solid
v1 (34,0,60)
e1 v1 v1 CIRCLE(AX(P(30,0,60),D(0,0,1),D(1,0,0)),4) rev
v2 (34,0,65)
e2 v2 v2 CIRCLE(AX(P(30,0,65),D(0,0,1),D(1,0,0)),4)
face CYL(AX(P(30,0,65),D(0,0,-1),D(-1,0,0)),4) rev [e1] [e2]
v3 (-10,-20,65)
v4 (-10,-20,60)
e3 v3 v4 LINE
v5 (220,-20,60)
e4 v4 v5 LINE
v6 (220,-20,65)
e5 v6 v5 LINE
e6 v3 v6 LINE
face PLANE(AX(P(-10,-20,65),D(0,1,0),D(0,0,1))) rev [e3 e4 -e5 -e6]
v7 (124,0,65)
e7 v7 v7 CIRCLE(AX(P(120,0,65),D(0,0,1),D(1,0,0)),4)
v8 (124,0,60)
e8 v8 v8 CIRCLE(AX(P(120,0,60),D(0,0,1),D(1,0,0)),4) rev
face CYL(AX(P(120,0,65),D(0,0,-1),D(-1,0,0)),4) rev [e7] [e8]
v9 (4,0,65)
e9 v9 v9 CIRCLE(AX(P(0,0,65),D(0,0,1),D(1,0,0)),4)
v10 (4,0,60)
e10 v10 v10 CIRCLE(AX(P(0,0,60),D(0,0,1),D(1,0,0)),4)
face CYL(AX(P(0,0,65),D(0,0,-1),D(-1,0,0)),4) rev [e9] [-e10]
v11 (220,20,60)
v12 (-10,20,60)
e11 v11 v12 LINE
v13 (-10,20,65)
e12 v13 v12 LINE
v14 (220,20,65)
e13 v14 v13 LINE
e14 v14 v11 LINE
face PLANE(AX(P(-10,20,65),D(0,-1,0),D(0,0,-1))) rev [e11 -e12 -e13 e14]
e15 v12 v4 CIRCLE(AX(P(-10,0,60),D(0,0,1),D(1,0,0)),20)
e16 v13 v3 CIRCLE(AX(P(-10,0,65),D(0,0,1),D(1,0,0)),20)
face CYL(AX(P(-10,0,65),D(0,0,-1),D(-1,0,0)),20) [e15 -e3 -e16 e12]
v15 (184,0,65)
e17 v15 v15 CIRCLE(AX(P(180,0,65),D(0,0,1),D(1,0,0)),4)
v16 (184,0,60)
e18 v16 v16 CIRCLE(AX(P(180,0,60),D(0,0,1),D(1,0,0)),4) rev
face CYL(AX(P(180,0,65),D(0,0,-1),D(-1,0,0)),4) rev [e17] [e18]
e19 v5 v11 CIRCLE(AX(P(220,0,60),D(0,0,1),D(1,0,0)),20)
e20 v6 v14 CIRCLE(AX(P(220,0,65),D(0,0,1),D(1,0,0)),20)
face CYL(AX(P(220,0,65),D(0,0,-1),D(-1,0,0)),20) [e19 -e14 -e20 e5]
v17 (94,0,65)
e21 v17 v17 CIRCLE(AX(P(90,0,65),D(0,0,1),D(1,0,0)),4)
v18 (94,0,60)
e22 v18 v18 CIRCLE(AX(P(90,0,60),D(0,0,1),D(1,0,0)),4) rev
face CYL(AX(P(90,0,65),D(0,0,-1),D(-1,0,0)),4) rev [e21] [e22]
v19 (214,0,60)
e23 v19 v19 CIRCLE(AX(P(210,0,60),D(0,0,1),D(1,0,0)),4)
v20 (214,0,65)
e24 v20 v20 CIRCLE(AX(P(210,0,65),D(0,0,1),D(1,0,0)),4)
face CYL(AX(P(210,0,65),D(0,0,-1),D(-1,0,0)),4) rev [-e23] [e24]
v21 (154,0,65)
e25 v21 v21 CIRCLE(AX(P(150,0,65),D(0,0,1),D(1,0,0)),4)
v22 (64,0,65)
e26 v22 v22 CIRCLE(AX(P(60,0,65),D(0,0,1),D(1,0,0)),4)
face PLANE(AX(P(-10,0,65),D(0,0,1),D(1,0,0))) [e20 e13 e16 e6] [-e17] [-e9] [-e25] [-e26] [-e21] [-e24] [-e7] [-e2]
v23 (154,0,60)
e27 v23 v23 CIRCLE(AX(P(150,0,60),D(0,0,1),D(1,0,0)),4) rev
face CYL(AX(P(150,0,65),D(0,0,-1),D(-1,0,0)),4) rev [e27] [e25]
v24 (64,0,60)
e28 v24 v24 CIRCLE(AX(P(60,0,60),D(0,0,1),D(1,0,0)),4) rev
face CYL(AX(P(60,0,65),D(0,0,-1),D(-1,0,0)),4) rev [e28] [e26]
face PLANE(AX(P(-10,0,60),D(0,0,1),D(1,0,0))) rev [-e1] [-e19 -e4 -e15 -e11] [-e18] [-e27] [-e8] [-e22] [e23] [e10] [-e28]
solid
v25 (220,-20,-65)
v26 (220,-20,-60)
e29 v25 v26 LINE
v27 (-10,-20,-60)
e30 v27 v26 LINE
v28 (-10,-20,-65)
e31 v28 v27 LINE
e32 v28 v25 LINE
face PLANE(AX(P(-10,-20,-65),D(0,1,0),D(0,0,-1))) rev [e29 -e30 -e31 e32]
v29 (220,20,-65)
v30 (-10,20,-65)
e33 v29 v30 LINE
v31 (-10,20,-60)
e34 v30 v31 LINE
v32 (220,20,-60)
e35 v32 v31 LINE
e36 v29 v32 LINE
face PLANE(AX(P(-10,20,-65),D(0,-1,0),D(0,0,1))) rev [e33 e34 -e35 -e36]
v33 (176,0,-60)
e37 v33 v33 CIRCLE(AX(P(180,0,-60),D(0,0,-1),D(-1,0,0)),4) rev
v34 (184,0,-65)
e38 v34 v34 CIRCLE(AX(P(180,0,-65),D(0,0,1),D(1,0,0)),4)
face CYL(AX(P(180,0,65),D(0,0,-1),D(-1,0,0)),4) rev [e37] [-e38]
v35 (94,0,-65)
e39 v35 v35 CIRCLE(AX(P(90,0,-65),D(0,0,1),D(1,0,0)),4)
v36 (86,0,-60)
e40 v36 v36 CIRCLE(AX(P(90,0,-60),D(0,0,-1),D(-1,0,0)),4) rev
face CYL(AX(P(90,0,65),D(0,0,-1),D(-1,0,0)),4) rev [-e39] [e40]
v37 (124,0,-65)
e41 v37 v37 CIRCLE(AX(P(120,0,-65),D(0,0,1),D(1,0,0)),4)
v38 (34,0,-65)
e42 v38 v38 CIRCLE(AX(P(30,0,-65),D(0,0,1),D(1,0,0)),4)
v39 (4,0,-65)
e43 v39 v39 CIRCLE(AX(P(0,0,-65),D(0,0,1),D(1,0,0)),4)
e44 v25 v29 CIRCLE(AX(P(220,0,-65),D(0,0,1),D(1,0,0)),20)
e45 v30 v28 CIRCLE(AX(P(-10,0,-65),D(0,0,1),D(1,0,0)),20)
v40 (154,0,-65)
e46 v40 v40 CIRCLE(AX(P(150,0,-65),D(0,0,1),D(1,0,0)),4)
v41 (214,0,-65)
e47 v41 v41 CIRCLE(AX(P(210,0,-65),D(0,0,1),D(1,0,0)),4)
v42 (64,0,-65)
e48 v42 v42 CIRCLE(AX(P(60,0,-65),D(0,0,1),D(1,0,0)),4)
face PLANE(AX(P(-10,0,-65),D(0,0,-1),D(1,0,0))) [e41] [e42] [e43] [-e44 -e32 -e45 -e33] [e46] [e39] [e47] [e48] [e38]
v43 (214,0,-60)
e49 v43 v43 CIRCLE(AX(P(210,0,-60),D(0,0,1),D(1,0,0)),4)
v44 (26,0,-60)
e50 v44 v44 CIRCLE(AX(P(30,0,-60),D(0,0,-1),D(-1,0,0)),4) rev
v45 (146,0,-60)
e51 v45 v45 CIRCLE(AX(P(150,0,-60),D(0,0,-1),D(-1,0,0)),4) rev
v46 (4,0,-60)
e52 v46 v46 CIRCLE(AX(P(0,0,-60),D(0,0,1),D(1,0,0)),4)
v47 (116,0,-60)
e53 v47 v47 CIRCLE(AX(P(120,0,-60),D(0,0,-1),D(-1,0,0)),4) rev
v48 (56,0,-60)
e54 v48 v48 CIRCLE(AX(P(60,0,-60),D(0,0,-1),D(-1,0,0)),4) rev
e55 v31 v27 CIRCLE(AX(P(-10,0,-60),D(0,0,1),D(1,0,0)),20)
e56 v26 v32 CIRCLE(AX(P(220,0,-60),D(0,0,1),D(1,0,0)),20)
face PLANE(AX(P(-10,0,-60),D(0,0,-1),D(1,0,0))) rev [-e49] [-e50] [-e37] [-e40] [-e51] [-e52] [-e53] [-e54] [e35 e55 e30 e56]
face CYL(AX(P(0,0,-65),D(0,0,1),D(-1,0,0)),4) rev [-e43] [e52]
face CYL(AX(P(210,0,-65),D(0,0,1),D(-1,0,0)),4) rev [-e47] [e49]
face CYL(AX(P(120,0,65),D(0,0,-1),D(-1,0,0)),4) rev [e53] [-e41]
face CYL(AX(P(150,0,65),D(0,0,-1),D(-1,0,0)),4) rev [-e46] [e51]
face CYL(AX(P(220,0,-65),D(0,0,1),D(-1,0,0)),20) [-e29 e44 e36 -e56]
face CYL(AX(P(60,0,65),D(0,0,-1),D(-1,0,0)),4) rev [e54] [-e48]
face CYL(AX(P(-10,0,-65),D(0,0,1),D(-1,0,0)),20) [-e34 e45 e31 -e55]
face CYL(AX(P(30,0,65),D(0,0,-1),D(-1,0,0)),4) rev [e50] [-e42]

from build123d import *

# Parameters (mm, degrees)
SKETCH2_R               = 4
BOSS_EXTRUDE1_DEPTH     = 5
SKETCH3_R               = 4
CUT_EXTRUDE1_DEPTH      = 66
CUT_EXTRUDE1_DEPTH_BACK = 66


with BuildPart() as part:
    # Sketch2 → Boss-Extrude1 (new body)
    with BuildSketch(Plane.XY.offset(60)):
        with BuildLine():
            Line((-10, 20), (220, 20))
            ThreePointArc((220, 20), (240, 0), (220, -20))
            Line((220, -20), (-10, -20))
            ThreePointArc((-10, -20), (-30, 0), (-10, 20))
        make_face()
        Circle(SKETCH2_R, mode=Mode.SUBTRACT)
        with Locations((210, 0)):
            Circle(SKETCH2_R, mode=Mode.SUBTRACT)
    extrude(amount=BOSS_EXTRUDE1_DEPTH)


with BuildPart() as body_2:
    # Mirror5: mirrored copy
    add(part.part.mirror(Plane.XY))


with BuildPart() as cut_extrude1_tool:
    # Sketch3 → Cut-Extrude1 (new body, two sides)
    with BuildSketch(Plane.XY) as cut_extrude1_sk:
        with Locations((210, 0)):
            Circle(SKETCH3_R)
        with Locations((180, 0)):
            Circle(SKETCH3_R)
        with Locations((150, 0)):
            Circle(SKETCH3_R)
        with Locations((120, 0)):
            Circle(SKETCH3_R)
        with Locations((90, 0)):
            Circle(SKETCH3_R)
        with Locations((60, 0)):
            Circle(SKETCH3_R)
        with Locations((30, 0)):
            Circle(SKETCH3_R)
        Circle(SKETCH3_R)
    extrude(amount=CUT_EXTRUDE1_DEPTH)
    extrude(cut_extrude1_sk.sketch, amount=-CUT_EXTRUDE1_DEPTH_BACK)


with BuildPart() as part_1:
    add(part.part)

    # Cut-Extrude1: cut by cut_extrude1_tool
    add(cut_extrude1_tool.part, mode=Mode.SUBTRACT)


with BuildPart() as body_2_1:
    add(body_2.part)

    # Cut-Extrude1: cut by cut_extrude1_tool
    add(cut_extrude1_tool.part, mode=Mode.SUBTRACT)


solid = Compound([part_1.part, body_2_1.part])
